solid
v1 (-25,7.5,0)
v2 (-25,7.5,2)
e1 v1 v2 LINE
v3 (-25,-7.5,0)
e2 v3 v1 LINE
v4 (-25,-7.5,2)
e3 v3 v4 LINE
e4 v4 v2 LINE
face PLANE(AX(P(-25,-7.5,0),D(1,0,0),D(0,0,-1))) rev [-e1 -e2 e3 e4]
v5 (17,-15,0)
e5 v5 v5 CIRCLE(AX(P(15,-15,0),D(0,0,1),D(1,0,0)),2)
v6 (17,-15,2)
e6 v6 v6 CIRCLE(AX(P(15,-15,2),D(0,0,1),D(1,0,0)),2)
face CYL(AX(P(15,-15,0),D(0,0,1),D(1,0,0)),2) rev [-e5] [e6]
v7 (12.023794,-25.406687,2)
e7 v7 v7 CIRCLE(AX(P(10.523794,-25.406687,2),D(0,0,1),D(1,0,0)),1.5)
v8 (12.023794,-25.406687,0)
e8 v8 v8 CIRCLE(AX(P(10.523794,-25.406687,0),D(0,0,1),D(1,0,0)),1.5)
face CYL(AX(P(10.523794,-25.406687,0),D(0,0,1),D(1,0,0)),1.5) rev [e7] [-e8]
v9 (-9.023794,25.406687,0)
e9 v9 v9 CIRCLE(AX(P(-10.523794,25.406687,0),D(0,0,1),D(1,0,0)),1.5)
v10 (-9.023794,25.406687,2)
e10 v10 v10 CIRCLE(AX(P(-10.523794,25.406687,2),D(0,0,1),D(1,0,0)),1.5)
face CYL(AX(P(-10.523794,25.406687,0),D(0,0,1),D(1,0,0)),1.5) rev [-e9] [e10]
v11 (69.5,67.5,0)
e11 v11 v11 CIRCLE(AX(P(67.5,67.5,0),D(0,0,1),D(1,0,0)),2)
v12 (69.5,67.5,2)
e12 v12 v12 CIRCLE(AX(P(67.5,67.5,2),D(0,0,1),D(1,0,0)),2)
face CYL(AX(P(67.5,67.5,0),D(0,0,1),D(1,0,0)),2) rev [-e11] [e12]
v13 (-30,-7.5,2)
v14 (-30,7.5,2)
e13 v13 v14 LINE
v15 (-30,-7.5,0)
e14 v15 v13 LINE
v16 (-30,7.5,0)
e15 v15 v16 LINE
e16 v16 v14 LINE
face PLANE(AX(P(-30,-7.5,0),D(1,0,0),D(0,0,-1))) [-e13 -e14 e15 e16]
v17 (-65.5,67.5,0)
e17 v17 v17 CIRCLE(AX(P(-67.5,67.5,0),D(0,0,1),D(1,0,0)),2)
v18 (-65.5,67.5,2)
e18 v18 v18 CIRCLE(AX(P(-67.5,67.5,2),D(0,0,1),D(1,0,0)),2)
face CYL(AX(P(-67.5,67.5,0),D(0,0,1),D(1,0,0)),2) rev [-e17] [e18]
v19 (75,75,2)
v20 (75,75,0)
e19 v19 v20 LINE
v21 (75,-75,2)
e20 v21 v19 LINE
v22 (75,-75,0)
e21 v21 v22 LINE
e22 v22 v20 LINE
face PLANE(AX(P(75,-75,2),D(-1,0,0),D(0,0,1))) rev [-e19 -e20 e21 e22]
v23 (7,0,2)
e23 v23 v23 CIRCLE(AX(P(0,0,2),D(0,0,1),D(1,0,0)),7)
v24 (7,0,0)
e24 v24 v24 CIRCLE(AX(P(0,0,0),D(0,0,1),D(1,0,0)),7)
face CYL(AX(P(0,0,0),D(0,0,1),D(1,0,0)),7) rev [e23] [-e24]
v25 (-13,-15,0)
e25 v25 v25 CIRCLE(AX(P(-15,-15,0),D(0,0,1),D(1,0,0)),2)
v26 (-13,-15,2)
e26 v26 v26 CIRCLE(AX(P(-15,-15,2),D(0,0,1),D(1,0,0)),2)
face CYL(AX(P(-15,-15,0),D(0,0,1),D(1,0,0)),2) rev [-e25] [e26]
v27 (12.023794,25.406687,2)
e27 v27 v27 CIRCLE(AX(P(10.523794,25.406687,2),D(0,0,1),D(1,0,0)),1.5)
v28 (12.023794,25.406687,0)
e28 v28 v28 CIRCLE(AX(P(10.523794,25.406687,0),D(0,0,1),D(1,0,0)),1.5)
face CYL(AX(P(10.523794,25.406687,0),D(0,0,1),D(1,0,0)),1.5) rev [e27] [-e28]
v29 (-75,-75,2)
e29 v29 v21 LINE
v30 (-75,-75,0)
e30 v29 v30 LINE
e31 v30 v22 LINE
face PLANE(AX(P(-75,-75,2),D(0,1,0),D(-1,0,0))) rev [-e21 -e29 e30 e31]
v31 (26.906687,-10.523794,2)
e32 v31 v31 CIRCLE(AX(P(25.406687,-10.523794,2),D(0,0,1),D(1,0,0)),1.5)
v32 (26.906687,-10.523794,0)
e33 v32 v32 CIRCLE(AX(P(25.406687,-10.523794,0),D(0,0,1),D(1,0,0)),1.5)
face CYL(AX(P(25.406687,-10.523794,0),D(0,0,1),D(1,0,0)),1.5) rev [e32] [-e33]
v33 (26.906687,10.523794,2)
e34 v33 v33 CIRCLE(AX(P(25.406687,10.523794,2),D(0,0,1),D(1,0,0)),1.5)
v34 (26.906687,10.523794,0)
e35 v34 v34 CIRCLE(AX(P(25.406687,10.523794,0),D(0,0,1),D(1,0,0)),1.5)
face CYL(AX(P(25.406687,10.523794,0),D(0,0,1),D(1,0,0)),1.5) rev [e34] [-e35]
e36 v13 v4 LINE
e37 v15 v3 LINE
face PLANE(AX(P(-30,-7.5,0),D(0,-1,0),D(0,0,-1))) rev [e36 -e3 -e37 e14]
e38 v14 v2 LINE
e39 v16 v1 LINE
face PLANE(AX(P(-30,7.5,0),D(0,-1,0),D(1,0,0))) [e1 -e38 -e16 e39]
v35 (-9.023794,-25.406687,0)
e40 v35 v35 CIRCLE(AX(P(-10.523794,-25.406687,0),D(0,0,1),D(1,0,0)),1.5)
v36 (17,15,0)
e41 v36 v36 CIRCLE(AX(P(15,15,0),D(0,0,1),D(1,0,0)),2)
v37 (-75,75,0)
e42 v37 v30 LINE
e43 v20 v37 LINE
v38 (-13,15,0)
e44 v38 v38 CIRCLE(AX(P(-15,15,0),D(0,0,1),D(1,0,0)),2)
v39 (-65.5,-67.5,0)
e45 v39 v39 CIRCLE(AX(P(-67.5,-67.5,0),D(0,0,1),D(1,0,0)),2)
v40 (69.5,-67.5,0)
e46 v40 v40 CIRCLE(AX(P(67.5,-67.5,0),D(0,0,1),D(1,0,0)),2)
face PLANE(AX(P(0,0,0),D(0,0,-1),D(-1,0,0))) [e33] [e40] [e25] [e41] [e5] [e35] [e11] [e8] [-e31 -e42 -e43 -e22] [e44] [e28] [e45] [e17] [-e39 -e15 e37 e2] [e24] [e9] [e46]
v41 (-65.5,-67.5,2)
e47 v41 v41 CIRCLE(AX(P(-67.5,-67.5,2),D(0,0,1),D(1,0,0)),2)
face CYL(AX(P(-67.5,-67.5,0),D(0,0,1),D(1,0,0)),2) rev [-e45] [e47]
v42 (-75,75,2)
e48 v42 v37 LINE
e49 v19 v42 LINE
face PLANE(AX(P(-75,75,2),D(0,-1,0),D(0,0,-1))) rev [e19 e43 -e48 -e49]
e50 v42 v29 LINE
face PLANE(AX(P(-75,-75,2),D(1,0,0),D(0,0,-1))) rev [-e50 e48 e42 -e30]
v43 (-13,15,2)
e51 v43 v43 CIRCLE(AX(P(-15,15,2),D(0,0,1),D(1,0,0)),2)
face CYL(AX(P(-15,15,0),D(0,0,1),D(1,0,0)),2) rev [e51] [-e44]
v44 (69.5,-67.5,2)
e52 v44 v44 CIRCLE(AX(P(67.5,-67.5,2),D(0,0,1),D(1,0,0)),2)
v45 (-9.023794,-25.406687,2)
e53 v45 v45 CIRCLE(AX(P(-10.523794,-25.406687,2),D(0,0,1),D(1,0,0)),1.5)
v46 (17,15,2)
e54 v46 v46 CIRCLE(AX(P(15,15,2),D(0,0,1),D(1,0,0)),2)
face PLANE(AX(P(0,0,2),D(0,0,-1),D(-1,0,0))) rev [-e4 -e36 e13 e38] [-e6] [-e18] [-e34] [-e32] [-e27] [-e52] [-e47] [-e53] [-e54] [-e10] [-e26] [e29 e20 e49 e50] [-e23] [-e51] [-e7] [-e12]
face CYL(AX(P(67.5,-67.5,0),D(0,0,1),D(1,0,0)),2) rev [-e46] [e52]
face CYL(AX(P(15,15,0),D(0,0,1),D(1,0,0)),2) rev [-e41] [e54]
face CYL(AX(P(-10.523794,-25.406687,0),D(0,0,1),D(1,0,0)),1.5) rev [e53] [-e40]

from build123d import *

# Parameters (mm, degrees)
CROQUIS1_W              = 150
CROQUIS1_H              = 150
SALIENTE_EXTRUIR1_DEPTH = 2
CROQUIS2_R              = 2
CROQUIS2_R_2            = 7
CROQUIS2_R_3            = 1.5
CROQUIS2_W              = 5
CROQUIS2_H              = 15
CORTAR_EXTRUIR1_DEPTH   = 2


with BuildPart() as part:
    # Croquis1 → Saliente-Extruir1 (new body)
    with BuildSketch(Plane.XY):
        Rectangle(CROQUIS1_W, CROQUIS1_H)
    extrude(amount=SALIENTE_EXTRUIR1_DEPTH)

    # Croquis2 → Cortar-Extruir1 (cut)
    with BuildSketch(Plane.XY.offset(2)):
        with Locations((-67.5, -67.5)):
            Circle(CROQUIS2_R)
        with Locations((67.5, -67.5)):
            Circle(CROQUIS2_R)
        with Locations((67.5, 67.5)):
            Circle(CROQUIS2_R)
        with Locations((-67.5, 67.5)):
            Circle(CROQUIS2_R)
        Circle(CROQUIS2_R_2)
        with Locations((-15, -15)):
            Circle(CROQUIS2_R)
        with Locations((15, -15)):
            Circle(CROQUIS2_R)
        with Locations((15, 15)):
            Circle(CROQUIS2_R)
        with Locations((-15, 15)):
            Circle(CROQUIS2_R)
        with Locations((-10.52379439, 25.406687144)):
            Circle(CROQUIS2_R_3)
        with Locations((10.52379439, 25.406687144)):
            Circle(CROQUIS2_R_3)
        with Locations((25.406687144, 10.52379439)):
            Circle(CROQUIS2_R_3)
        with Locations((25.406687144, -10.52379439)):
            Circle(CROQUIS2_R_3)
        with Locations((10.52379439, -25.406687144)):
            Circle(CROQUIS2_R_3)
        with Locations((-10.52379439, -25.406687144)):
            Circle(CROQUIS2_R_3)
        with Locations((-27.5, 0)):
            Rectangle(CROQUIS2_W, CROQUIS2_H)
    extrude(amount=-CORTAR_EXTRUIR1_DEPTH, mode=Mode.SUBTRACT)


solid = part.part
